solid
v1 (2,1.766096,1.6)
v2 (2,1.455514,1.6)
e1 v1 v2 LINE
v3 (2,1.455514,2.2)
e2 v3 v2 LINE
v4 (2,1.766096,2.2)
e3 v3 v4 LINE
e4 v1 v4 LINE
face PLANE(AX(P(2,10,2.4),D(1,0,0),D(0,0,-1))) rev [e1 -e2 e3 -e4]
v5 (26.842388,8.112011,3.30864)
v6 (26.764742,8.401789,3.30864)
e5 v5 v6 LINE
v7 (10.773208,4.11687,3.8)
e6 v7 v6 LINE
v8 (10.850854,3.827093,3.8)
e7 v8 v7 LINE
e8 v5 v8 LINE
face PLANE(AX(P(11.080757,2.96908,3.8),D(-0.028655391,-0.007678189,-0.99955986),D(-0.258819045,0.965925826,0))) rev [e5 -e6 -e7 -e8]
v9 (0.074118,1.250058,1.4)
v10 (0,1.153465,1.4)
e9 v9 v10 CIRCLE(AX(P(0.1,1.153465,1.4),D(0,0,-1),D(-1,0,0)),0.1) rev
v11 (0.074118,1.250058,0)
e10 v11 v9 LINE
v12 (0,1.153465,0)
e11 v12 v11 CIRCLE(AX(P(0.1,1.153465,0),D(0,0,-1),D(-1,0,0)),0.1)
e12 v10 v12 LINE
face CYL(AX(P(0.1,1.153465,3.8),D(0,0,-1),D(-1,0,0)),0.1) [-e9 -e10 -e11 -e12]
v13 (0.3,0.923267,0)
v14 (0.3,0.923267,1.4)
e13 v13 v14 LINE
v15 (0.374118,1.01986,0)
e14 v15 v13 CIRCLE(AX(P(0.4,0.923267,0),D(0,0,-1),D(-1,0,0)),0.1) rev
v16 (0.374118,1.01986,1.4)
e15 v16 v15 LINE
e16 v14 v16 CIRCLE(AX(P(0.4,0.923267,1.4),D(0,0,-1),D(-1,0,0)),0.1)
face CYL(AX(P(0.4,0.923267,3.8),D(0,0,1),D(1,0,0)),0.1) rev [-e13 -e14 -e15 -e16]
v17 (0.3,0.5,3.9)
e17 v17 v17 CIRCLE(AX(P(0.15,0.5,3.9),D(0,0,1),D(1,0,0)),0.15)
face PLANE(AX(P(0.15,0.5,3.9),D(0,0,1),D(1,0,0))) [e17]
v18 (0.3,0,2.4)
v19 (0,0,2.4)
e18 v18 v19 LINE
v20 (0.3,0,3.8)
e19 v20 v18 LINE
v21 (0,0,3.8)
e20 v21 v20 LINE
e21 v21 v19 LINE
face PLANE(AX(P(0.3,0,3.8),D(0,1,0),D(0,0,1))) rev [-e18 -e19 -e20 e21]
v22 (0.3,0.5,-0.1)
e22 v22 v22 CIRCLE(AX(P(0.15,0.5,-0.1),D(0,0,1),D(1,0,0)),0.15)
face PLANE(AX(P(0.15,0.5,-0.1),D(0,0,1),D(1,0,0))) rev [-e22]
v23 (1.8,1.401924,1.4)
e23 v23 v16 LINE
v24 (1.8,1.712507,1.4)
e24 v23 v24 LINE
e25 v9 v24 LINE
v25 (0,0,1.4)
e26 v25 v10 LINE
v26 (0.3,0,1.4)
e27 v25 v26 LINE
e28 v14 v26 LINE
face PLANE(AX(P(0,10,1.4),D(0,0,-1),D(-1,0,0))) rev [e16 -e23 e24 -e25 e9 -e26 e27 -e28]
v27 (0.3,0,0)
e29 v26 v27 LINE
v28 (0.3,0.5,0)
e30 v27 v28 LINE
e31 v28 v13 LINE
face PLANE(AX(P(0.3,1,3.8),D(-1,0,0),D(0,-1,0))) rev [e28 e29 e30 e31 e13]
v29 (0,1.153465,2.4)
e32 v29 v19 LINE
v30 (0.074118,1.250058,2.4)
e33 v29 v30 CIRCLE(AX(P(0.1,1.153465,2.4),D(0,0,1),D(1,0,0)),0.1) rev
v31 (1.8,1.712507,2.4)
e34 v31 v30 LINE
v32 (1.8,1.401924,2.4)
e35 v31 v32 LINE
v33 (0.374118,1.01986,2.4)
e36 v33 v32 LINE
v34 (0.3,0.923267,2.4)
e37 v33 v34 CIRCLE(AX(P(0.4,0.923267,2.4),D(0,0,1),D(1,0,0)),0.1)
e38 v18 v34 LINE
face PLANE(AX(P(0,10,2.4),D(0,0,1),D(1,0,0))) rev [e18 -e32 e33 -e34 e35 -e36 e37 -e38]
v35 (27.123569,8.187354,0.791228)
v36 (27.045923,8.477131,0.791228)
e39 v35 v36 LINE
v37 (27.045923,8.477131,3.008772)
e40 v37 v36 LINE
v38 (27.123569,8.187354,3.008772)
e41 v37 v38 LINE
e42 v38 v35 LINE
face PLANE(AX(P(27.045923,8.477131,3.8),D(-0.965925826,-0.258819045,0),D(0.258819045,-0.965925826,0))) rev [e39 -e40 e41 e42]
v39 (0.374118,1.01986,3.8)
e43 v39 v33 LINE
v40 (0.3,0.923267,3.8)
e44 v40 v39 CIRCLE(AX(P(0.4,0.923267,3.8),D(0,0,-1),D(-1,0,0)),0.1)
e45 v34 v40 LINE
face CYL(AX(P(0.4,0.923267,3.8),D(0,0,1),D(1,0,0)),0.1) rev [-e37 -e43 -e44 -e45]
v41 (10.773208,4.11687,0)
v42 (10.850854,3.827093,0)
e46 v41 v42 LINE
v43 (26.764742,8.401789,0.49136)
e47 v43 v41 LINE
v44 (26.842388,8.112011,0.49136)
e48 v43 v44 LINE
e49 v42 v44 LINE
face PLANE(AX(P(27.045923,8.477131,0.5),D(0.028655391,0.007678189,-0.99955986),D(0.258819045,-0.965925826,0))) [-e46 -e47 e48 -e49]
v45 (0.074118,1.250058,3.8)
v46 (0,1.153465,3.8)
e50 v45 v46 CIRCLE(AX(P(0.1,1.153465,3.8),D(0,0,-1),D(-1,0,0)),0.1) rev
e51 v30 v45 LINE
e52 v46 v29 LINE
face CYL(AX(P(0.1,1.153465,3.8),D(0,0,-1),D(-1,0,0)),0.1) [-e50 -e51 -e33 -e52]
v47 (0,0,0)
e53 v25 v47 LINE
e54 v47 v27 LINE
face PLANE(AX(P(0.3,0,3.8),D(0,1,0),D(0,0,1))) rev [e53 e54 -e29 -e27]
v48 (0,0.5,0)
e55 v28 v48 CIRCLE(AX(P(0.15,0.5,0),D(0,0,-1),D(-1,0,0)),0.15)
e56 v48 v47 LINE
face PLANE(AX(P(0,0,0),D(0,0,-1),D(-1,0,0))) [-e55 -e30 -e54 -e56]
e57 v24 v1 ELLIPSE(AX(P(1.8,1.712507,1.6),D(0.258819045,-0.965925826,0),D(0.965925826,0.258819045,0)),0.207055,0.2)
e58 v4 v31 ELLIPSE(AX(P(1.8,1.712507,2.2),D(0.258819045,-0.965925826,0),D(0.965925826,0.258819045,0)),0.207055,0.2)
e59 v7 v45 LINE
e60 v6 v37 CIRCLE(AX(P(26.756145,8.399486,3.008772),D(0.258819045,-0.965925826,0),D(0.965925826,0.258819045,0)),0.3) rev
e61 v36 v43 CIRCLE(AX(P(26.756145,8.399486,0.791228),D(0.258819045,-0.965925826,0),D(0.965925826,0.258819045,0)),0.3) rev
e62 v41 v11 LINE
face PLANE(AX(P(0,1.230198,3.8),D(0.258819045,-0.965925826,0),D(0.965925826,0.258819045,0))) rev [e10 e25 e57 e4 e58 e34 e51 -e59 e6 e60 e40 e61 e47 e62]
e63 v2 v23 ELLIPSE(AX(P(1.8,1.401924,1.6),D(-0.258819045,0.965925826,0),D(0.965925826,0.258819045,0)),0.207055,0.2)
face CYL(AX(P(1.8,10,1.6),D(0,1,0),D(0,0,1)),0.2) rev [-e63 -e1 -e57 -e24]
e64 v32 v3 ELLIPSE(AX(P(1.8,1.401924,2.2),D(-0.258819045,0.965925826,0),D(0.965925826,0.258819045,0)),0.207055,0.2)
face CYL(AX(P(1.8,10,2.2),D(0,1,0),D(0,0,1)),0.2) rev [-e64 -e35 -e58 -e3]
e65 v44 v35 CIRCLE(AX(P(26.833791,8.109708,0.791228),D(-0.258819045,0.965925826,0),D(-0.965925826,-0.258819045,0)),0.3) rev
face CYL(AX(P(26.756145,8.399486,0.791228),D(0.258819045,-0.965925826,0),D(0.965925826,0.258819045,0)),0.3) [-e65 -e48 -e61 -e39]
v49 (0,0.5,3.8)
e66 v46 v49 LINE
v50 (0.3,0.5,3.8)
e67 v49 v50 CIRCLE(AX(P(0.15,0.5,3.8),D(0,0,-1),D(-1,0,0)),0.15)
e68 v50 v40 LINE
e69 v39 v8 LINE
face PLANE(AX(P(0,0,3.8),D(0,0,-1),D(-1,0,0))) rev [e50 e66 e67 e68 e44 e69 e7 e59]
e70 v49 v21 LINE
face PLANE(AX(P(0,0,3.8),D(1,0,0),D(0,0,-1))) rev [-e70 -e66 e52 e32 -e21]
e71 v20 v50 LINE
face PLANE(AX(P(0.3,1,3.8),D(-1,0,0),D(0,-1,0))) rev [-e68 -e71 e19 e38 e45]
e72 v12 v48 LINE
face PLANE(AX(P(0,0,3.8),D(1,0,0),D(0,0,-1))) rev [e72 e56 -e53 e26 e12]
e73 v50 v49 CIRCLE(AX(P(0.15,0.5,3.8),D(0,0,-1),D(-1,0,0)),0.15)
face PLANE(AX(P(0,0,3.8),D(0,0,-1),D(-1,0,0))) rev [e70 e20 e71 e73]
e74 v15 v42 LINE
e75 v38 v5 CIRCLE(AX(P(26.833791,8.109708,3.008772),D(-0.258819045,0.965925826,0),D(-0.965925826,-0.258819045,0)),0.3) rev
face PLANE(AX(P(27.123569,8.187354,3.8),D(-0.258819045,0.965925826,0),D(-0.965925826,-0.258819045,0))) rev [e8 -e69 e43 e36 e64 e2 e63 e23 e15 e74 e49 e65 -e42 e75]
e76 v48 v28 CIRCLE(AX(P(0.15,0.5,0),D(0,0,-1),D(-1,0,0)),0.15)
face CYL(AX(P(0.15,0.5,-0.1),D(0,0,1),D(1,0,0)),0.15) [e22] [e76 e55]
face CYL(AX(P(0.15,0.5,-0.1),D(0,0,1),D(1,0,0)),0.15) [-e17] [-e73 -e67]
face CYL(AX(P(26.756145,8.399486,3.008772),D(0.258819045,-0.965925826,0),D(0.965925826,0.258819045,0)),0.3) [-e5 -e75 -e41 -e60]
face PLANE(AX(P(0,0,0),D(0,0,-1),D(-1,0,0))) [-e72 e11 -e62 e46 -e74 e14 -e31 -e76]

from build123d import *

# Parameters (mm, degrees)
PROFILE_EXTRUDE_DEPTH   = 3.8
CHAMFER_TOP_SIZE        = 0.5
CHAMFER_TOP_SIZE2       = 16.846754467
PINS_EXTRUDE_DEPTH      = 0.1
PINS_EXTRUDE_DEPTH_BACK = 3.9
SKETCH3_R               = 0.15
SLOT_SKETCH_W           = 2
SLOT_SKETCH_H           = 1
SLOT_CUT_DEPTH          = 10
FILLET1_R               = 0.1
FILLET2_R               = 0.3
FILLET3_R               = 0.2


with BuildPart() as part:
    # Profile Sketch → Profile Extrude (new body)
    with BuildSketch(Plane.XY):
        Polygon((0, 0), (0, 1.230198096), (27.045923136, 8.477131359), (27.12356885, 8.187353611), (0.3, 1), (0.3, 0), align=None)
    extrude(amount=PROFILE_EXTRUDE_DEPTH)

    # Chamfer Top
    chamfer_top_edges = [part.edges().sort_by_distance(p)[0] for p in [
        (27.084745993, 8.332242485, 3.8),
        (27.084745993, 8.332242485, 0),
    ]]
    chamfer_top_side = [part.faces().sort_by_distance(p)[0] for p in [
        (27.084745993, 8.332242485, 1.9),
    ]]
    chamfer(chamfer_top_edges, length=CHAMFER_TOP_SIZE, length2=CHAMFER_TOP_SIZE2, reference=chamfer_top_side[0])

    # Sketch3 → Pins Extrude (add, two sides: drawn at the far end of the back side and taken through both)
    with BuildSketch(Plane.XY.offset(3.8).offset(-PINS_EXTRUDE_DEPTH_BACK)):
        with Locations((0.15, 0.5)):
            Circle(SKETCH3_R)
    extrude(amount=PINS_EXTRUDE_DEPTH + PINS_EXTRUDE_DEPTH_BACK)

    # Slot Sketch → Slot Cut (cut)
    with BuildSketch(Plane.XZ):
        with Locations((1, 1.9)):
            Rectangle(SLOT_SKETCH_W, SLOT_SKETCH_H)
    extrude(amount=-SLOT_CUT_DEPTH, mode=Mode.SUBTRACT)

    # Fillet1
    fillet1_edges = [part.edges().sort_by_distance(p)[0] for p in [
        (0, 1.230198096, 3.1),
        (0.3, 1, 3.1),
        (0, 1.230198096, 0.7),
        (0.3, 1, 0.7),
    ]]
    fillet(fillet1_edges, radius=FILLET1_R)

    # Fillet2
    fillet2_edges = [part.edges().sort_by_distance(p)[0] for p in [
        (27.084745993, 8.332242485, 0.5),
        (27.084745993, 8.332242485, 3.3),
    ]]
    fillet(fillet2_edges, radius=FILLET2_R)

    # Fillet3
    fillet3_edges = [part.edges().sort_by_distance(p)[0] for p in [
        (2, 1.610805054, 2.4),
        (2, 1.610805054, 1.4),
    ]]
    fillet(fillet3_edges, radius=FILLET3_R)


solid = part.part
